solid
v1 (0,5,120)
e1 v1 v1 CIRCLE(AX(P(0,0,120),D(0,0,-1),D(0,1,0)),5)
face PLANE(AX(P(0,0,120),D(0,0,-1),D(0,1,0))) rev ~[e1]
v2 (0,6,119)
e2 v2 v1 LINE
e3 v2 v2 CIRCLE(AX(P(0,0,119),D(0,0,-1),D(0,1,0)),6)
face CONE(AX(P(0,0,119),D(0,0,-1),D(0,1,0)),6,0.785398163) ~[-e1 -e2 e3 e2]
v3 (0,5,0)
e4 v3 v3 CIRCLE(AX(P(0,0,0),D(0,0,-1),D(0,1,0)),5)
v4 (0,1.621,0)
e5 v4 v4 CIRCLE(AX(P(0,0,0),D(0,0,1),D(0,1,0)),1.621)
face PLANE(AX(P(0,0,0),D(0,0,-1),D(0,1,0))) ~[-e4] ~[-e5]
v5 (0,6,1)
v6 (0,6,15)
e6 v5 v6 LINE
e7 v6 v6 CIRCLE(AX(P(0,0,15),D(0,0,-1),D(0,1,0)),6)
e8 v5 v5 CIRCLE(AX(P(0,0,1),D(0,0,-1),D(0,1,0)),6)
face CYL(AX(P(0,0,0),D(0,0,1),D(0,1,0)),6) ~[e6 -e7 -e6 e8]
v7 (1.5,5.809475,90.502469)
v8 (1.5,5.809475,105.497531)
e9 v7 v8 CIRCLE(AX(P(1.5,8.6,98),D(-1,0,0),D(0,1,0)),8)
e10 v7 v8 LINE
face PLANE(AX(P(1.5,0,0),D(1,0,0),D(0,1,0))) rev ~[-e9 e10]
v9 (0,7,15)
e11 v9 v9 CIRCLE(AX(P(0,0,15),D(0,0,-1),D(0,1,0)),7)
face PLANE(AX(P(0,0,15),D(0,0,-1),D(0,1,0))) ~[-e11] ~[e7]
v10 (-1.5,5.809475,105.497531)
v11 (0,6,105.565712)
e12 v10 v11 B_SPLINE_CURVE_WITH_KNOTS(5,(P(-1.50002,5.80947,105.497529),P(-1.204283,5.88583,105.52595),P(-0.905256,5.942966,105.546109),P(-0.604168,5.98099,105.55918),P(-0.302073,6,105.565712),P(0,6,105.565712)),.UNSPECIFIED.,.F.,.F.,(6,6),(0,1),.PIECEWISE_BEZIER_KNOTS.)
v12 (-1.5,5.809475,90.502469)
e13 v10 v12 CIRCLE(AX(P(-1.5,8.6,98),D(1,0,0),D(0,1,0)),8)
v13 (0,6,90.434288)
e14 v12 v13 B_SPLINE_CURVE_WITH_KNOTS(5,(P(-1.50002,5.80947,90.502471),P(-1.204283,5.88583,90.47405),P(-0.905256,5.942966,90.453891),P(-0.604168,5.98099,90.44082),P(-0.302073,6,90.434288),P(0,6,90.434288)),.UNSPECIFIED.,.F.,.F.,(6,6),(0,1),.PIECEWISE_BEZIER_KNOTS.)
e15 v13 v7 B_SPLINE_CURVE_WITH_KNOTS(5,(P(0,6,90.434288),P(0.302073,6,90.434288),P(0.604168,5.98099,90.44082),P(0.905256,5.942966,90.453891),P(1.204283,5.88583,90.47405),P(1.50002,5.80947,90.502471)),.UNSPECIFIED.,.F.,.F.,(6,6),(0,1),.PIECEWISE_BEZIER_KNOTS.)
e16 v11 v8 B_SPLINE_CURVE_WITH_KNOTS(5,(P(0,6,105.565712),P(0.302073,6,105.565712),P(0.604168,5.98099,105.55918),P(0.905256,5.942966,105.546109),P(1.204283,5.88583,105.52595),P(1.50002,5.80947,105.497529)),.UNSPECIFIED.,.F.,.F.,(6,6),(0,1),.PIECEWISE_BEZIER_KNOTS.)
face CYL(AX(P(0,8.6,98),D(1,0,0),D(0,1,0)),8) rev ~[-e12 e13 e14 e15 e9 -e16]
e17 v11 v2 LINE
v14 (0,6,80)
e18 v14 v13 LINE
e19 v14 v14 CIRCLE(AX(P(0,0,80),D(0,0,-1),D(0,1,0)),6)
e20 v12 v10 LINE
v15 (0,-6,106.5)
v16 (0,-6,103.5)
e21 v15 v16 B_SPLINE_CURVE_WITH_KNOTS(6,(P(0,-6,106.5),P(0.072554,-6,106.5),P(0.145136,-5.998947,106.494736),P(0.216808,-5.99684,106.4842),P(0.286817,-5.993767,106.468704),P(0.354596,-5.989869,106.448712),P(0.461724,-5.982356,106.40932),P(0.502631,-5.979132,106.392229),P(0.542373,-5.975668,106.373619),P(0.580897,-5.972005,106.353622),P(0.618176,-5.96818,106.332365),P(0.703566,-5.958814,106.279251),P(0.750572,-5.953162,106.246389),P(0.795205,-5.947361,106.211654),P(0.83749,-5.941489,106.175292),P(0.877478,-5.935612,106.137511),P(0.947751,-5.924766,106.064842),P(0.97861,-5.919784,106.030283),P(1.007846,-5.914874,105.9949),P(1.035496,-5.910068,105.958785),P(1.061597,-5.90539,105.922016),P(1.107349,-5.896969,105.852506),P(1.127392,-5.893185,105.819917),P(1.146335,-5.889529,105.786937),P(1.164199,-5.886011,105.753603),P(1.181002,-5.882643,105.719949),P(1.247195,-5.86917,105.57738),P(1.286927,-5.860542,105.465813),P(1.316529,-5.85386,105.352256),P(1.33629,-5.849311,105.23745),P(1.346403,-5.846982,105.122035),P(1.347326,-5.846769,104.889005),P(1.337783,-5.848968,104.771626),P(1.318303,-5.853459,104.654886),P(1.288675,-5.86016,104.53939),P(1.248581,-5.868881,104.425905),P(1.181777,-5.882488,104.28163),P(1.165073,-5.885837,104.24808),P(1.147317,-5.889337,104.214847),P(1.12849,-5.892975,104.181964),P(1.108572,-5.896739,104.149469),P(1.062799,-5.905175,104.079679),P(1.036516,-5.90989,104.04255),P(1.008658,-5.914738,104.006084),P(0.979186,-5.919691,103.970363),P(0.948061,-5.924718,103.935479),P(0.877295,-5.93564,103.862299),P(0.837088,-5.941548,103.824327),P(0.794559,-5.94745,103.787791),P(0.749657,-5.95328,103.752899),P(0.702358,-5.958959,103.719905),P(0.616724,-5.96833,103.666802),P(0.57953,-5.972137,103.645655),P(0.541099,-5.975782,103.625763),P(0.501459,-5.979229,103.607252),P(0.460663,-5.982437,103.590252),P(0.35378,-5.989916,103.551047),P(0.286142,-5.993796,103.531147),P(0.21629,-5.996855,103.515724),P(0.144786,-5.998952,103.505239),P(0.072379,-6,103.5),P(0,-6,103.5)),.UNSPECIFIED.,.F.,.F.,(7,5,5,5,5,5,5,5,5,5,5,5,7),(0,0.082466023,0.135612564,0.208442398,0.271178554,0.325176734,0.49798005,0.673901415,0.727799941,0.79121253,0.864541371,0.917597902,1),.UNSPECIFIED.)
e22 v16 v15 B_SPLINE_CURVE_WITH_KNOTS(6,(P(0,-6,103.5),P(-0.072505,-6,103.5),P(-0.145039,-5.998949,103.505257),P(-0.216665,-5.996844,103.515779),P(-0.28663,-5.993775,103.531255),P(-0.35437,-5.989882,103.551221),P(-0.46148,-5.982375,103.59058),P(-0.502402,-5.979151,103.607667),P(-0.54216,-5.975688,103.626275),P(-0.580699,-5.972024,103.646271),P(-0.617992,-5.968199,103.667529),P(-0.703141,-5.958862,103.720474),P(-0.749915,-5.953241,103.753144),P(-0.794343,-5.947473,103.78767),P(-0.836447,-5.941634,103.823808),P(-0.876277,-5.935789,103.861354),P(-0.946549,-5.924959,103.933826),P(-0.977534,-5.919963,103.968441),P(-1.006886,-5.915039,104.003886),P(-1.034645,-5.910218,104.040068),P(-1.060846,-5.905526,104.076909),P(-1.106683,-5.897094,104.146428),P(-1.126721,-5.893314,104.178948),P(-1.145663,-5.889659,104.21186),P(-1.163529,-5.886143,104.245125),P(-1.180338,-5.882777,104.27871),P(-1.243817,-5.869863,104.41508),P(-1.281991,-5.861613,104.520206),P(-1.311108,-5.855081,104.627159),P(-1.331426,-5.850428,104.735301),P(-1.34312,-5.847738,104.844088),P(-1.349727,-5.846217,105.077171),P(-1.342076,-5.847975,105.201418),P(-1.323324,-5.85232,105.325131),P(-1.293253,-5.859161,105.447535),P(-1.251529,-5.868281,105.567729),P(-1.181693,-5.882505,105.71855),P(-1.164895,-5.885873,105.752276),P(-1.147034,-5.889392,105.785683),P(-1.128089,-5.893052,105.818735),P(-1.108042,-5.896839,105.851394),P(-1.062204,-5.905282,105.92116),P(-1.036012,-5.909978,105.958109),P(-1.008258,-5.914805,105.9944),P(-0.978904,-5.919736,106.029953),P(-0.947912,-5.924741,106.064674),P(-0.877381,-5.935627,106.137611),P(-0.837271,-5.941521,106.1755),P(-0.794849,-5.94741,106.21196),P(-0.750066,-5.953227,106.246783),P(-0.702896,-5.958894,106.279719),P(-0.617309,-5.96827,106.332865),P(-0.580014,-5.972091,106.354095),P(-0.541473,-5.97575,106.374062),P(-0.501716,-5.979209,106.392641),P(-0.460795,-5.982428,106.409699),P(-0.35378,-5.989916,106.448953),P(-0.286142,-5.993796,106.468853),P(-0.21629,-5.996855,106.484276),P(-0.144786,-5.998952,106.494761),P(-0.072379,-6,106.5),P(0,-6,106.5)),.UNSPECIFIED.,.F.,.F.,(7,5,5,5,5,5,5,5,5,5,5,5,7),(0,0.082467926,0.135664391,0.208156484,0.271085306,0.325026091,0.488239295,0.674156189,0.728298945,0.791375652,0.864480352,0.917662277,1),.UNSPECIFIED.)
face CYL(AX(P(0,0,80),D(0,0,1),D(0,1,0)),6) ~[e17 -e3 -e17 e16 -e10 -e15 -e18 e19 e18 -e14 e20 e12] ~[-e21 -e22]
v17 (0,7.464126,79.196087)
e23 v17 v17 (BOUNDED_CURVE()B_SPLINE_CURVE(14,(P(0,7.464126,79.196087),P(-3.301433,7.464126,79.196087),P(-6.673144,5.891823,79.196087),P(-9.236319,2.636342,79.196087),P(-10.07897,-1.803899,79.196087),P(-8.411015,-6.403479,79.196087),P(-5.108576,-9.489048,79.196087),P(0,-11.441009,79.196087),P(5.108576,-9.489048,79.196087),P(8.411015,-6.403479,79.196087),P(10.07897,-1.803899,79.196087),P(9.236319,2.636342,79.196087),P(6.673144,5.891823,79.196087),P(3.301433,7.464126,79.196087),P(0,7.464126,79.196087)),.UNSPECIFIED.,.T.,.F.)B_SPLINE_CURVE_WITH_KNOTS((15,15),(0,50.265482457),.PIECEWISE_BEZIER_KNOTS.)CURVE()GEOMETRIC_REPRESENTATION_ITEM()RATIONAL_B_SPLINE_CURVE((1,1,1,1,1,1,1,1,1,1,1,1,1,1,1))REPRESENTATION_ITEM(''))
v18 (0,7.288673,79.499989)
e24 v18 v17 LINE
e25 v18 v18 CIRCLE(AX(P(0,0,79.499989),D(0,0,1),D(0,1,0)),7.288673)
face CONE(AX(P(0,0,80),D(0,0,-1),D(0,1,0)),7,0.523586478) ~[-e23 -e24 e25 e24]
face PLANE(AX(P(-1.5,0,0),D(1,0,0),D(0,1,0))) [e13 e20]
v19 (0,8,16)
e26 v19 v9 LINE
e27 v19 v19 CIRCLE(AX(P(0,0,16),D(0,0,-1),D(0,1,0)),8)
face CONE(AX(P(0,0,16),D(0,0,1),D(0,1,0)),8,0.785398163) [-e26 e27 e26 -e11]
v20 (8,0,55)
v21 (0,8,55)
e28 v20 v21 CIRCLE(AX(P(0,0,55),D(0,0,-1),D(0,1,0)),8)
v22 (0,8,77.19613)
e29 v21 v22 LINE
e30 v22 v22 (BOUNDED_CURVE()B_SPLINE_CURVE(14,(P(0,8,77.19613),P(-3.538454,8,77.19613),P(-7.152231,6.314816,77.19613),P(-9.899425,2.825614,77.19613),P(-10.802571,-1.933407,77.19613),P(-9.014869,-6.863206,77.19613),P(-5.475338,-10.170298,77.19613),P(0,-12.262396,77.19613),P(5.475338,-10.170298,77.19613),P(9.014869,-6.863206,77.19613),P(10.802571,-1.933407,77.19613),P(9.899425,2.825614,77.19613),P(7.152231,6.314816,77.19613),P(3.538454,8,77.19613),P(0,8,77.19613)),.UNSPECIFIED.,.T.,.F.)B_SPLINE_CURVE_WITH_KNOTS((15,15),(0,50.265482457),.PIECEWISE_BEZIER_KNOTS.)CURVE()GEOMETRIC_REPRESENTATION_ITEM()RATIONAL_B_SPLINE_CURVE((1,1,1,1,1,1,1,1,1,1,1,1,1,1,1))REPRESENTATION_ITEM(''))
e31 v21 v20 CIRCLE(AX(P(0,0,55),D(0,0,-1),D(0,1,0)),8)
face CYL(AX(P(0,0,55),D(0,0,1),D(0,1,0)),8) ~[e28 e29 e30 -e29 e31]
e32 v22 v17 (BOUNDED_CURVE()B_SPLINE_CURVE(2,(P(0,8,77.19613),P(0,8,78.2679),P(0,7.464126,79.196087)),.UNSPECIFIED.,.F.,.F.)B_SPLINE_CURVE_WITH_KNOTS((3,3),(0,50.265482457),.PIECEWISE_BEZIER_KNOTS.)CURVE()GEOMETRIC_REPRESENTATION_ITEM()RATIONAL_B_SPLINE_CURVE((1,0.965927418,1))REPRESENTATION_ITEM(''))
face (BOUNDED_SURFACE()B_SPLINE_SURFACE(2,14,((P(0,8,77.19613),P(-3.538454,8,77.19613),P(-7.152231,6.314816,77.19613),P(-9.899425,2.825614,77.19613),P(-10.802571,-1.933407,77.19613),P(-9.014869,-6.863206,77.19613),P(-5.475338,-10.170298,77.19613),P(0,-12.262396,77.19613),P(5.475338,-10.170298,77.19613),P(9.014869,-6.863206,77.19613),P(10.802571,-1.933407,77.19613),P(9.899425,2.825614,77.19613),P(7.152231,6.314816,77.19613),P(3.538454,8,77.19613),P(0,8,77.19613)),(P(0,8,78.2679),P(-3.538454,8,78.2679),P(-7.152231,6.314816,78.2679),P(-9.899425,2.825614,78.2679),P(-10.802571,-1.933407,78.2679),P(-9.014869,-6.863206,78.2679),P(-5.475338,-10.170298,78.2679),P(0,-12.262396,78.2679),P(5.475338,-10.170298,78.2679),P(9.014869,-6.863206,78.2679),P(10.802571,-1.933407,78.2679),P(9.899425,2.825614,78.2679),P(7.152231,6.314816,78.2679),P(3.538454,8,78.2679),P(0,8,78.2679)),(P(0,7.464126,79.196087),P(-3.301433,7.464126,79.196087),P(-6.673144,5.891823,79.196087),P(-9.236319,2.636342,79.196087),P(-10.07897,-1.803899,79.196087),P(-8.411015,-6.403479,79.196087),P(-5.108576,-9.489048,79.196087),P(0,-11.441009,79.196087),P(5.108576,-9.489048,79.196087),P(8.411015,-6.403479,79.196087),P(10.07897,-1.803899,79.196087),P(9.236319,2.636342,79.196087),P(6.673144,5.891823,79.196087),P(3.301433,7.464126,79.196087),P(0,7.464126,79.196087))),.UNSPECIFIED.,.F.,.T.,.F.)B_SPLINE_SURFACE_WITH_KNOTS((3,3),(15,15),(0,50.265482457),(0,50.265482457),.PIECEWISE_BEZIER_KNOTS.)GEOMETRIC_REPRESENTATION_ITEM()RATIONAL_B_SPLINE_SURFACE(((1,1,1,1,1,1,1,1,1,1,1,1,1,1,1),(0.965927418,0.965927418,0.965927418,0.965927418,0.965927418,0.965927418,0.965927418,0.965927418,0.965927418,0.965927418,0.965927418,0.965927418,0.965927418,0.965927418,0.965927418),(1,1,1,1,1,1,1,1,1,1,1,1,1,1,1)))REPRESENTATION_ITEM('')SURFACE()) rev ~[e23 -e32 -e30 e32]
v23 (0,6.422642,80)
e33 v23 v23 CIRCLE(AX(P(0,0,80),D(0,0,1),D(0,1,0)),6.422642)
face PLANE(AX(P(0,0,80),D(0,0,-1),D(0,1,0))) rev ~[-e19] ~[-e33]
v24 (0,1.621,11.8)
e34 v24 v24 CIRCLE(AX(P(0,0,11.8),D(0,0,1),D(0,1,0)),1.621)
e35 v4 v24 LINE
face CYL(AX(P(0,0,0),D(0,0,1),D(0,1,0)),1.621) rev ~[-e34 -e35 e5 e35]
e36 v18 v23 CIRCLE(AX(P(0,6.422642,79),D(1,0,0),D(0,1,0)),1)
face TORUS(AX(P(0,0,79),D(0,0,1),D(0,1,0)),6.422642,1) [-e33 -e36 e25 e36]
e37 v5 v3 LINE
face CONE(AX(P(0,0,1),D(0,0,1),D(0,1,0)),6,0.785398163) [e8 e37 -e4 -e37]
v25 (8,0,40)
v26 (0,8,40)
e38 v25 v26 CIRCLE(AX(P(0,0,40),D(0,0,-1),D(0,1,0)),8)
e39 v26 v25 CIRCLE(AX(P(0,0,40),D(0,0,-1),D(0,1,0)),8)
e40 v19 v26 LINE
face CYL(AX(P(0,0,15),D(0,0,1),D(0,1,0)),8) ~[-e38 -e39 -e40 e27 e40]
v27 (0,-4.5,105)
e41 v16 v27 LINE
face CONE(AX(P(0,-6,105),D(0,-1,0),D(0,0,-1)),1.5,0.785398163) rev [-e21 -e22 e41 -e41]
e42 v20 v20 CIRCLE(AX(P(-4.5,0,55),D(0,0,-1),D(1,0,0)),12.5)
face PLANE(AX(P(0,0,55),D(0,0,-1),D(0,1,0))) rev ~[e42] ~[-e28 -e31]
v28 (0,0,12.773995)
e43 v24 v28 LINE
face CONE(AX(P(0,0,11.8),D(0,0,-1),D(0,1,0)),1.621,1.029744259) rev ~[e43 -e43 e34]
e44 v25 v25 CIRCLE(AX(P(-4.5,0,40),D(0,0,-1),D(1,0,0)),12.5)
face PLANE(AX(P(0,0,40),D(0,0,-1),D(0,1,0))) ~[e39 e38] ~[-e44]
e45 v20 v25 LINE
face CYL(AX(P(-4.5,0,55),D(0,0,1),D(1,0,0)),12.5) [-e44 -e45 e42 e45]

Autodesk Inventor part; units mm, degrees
ref_plane "YZ Plane" through (0, 0, 0) normal (1, 0, 0) x (0, 1, 0)
ref_plane "XZ Plane" through (0, 0, 0) normal (0, 1, 0) x (-1, 0, 0)
ref_plane "XY Plane" through (0, 0, 0) normal (0, 0, 1) x (1, 0, 0)
sketch "스케치1" plane through (0, 0, 0) normal (1, 0, 0) x (0, 1, 0)
  line L0 (0, 0) -> (6, 0)
  line L1 (6, 0) -> (6, 15)
  line L2 (6, 15) -> (0, 15)
  line L3 (0, 15) -> (0, 0)
  line L4 (0, 15) -> (8, 15)
  line L5 (8, 15) -> (8, 40)
  line L6 (8, 40) -> (0, 40)
  line L7 (0, 40) -> (0, 15)
  line L8 (0, 40) -> (17, 40)
  line L9 (17, 40) -> (17, 55)
  line L10 (17, 55) -> (0, 55)
  line L11 (0, 55) -> (0, 40)
  line L12 (0, 55) -> (8, 55)
  line L13 (8, 55) -> (8, 80)
  line L14 (8, 80) -> (0, 80)
  line L15 (0, 80) -> (0, 55)
  line L16 (0, 80) -> (6, 80)
  line L17 (6, 80) -> (6, 120)
  line L18 (6, 120) -> (0, 120)
  line L19 (0, 120) -> (0, 80)
  dimension "d0" = 12
  dimension "d1" = 16
  dimension "d2" = 34
  dimension "d3" = 16
  dimension "d4" = 15
  dimension "d5" = 25
  dimension "d6" = 15
  dimension "d7" = 25
  dimension "d9" = 40
  dimension "d10" = 12
revolve "회전1" add sketch "스케치1" angle 360 about axis through (0, 0, 40) along (0, 0, -1)
sketch "스케치2" plane through (0, 0, 55) normal (0, 0, 1) x (1, 0, 0)
  circle A0 centre (0, 0) radius 8 projected
  circle A1 centre (-4.5, 0) radius 12.5
  circle A2 centre (0, 0) radius 17 projected
  point P0 (0, 0)
  dimension "d11" = 25
extrude "돌출1" cut sketch "스케치2" against normal up to next contours A2
sketch "스케치3" plane through (0, 0, 0) normal (0, 0, -1) x (-1, 0, 0)
  circle A0 centre (0, 0) radius 2
  dimension "d14" = 4
hole "구멍1" at (0, 0, 0) direction (0, 0, 1) diameter 3.242 depth 11.8 tip angle 118 thread size "M4x0.7" class "6H" standard "ANSI Metric M Profile"
sketch "스케치4" plane through (0, 0, 0) normal (1, 0, 0) x (0, 1, 0)
  line L0 (8, 78.2679) -> (8, 80)
  line L1 (8, 80) -> (7, 80)
  line L2 (7, 80) -> (8, 78.2679)
  line L3 (8, 80) -> (8, 55) projected
  line L4 (-8, 80) -> (8, 80) projected
  line L5 (0, -24) -> (0, 144) projected
  point P0 (0, 0)
  dimension "d22" = 30
  dimension "d23" = 1
revolve "회전2" cut sketch "스케치4" angle 360 about axis through (0, 0, -10) along (0, 0, 1)
fillet "모깎기1" radius 4 1 edges at (0, -8, 78.2679)
fillet "모깎기2" radius 1 1 edges at (0, -7, 80)
sketch "스케치5" plane through (0, 0, 0) normal (1, 0, 0) x (0, 1, 0)
  circle A0 centre (8.6, 98) radius 8
  line L0 (6, 120) -> (6, 80) projected
  point P0 (0, 0)
  dimension "d27" = 16
  dimension "d29" = 5.4
  dimension "d30" = 18
extrude "돌출2" cut sketch "스케치5" along normal mid plane 3
sketch "스케치6" plane through (0, 0, 0) normal (1, 0, 0) x (0, 1, 0)
  line L0 (-4.5, 105) -> (-6, 105)
  line L1 (-6, 105) -> (-6, 103.5)
  line L2 (-6, 103.5) -> (-4.5, 105)
  line L3 (-6, 120) -> (-6, 80) projected
  point P0 (0, 0)
  dimension "d33" = 1.5
  dimension "d34" = 45
  dimension "d35" = 25
revolve "회전3" cut sketch "스케치6" angle 360 about axis through (0, -4.5, 105) along (0, -1, 0)
chamfer "모따기1" distance 1 angle 45 3 edges at (0, -6, 120) (0, -8, 15) (0, -6, 0)
properties part number "3강"
